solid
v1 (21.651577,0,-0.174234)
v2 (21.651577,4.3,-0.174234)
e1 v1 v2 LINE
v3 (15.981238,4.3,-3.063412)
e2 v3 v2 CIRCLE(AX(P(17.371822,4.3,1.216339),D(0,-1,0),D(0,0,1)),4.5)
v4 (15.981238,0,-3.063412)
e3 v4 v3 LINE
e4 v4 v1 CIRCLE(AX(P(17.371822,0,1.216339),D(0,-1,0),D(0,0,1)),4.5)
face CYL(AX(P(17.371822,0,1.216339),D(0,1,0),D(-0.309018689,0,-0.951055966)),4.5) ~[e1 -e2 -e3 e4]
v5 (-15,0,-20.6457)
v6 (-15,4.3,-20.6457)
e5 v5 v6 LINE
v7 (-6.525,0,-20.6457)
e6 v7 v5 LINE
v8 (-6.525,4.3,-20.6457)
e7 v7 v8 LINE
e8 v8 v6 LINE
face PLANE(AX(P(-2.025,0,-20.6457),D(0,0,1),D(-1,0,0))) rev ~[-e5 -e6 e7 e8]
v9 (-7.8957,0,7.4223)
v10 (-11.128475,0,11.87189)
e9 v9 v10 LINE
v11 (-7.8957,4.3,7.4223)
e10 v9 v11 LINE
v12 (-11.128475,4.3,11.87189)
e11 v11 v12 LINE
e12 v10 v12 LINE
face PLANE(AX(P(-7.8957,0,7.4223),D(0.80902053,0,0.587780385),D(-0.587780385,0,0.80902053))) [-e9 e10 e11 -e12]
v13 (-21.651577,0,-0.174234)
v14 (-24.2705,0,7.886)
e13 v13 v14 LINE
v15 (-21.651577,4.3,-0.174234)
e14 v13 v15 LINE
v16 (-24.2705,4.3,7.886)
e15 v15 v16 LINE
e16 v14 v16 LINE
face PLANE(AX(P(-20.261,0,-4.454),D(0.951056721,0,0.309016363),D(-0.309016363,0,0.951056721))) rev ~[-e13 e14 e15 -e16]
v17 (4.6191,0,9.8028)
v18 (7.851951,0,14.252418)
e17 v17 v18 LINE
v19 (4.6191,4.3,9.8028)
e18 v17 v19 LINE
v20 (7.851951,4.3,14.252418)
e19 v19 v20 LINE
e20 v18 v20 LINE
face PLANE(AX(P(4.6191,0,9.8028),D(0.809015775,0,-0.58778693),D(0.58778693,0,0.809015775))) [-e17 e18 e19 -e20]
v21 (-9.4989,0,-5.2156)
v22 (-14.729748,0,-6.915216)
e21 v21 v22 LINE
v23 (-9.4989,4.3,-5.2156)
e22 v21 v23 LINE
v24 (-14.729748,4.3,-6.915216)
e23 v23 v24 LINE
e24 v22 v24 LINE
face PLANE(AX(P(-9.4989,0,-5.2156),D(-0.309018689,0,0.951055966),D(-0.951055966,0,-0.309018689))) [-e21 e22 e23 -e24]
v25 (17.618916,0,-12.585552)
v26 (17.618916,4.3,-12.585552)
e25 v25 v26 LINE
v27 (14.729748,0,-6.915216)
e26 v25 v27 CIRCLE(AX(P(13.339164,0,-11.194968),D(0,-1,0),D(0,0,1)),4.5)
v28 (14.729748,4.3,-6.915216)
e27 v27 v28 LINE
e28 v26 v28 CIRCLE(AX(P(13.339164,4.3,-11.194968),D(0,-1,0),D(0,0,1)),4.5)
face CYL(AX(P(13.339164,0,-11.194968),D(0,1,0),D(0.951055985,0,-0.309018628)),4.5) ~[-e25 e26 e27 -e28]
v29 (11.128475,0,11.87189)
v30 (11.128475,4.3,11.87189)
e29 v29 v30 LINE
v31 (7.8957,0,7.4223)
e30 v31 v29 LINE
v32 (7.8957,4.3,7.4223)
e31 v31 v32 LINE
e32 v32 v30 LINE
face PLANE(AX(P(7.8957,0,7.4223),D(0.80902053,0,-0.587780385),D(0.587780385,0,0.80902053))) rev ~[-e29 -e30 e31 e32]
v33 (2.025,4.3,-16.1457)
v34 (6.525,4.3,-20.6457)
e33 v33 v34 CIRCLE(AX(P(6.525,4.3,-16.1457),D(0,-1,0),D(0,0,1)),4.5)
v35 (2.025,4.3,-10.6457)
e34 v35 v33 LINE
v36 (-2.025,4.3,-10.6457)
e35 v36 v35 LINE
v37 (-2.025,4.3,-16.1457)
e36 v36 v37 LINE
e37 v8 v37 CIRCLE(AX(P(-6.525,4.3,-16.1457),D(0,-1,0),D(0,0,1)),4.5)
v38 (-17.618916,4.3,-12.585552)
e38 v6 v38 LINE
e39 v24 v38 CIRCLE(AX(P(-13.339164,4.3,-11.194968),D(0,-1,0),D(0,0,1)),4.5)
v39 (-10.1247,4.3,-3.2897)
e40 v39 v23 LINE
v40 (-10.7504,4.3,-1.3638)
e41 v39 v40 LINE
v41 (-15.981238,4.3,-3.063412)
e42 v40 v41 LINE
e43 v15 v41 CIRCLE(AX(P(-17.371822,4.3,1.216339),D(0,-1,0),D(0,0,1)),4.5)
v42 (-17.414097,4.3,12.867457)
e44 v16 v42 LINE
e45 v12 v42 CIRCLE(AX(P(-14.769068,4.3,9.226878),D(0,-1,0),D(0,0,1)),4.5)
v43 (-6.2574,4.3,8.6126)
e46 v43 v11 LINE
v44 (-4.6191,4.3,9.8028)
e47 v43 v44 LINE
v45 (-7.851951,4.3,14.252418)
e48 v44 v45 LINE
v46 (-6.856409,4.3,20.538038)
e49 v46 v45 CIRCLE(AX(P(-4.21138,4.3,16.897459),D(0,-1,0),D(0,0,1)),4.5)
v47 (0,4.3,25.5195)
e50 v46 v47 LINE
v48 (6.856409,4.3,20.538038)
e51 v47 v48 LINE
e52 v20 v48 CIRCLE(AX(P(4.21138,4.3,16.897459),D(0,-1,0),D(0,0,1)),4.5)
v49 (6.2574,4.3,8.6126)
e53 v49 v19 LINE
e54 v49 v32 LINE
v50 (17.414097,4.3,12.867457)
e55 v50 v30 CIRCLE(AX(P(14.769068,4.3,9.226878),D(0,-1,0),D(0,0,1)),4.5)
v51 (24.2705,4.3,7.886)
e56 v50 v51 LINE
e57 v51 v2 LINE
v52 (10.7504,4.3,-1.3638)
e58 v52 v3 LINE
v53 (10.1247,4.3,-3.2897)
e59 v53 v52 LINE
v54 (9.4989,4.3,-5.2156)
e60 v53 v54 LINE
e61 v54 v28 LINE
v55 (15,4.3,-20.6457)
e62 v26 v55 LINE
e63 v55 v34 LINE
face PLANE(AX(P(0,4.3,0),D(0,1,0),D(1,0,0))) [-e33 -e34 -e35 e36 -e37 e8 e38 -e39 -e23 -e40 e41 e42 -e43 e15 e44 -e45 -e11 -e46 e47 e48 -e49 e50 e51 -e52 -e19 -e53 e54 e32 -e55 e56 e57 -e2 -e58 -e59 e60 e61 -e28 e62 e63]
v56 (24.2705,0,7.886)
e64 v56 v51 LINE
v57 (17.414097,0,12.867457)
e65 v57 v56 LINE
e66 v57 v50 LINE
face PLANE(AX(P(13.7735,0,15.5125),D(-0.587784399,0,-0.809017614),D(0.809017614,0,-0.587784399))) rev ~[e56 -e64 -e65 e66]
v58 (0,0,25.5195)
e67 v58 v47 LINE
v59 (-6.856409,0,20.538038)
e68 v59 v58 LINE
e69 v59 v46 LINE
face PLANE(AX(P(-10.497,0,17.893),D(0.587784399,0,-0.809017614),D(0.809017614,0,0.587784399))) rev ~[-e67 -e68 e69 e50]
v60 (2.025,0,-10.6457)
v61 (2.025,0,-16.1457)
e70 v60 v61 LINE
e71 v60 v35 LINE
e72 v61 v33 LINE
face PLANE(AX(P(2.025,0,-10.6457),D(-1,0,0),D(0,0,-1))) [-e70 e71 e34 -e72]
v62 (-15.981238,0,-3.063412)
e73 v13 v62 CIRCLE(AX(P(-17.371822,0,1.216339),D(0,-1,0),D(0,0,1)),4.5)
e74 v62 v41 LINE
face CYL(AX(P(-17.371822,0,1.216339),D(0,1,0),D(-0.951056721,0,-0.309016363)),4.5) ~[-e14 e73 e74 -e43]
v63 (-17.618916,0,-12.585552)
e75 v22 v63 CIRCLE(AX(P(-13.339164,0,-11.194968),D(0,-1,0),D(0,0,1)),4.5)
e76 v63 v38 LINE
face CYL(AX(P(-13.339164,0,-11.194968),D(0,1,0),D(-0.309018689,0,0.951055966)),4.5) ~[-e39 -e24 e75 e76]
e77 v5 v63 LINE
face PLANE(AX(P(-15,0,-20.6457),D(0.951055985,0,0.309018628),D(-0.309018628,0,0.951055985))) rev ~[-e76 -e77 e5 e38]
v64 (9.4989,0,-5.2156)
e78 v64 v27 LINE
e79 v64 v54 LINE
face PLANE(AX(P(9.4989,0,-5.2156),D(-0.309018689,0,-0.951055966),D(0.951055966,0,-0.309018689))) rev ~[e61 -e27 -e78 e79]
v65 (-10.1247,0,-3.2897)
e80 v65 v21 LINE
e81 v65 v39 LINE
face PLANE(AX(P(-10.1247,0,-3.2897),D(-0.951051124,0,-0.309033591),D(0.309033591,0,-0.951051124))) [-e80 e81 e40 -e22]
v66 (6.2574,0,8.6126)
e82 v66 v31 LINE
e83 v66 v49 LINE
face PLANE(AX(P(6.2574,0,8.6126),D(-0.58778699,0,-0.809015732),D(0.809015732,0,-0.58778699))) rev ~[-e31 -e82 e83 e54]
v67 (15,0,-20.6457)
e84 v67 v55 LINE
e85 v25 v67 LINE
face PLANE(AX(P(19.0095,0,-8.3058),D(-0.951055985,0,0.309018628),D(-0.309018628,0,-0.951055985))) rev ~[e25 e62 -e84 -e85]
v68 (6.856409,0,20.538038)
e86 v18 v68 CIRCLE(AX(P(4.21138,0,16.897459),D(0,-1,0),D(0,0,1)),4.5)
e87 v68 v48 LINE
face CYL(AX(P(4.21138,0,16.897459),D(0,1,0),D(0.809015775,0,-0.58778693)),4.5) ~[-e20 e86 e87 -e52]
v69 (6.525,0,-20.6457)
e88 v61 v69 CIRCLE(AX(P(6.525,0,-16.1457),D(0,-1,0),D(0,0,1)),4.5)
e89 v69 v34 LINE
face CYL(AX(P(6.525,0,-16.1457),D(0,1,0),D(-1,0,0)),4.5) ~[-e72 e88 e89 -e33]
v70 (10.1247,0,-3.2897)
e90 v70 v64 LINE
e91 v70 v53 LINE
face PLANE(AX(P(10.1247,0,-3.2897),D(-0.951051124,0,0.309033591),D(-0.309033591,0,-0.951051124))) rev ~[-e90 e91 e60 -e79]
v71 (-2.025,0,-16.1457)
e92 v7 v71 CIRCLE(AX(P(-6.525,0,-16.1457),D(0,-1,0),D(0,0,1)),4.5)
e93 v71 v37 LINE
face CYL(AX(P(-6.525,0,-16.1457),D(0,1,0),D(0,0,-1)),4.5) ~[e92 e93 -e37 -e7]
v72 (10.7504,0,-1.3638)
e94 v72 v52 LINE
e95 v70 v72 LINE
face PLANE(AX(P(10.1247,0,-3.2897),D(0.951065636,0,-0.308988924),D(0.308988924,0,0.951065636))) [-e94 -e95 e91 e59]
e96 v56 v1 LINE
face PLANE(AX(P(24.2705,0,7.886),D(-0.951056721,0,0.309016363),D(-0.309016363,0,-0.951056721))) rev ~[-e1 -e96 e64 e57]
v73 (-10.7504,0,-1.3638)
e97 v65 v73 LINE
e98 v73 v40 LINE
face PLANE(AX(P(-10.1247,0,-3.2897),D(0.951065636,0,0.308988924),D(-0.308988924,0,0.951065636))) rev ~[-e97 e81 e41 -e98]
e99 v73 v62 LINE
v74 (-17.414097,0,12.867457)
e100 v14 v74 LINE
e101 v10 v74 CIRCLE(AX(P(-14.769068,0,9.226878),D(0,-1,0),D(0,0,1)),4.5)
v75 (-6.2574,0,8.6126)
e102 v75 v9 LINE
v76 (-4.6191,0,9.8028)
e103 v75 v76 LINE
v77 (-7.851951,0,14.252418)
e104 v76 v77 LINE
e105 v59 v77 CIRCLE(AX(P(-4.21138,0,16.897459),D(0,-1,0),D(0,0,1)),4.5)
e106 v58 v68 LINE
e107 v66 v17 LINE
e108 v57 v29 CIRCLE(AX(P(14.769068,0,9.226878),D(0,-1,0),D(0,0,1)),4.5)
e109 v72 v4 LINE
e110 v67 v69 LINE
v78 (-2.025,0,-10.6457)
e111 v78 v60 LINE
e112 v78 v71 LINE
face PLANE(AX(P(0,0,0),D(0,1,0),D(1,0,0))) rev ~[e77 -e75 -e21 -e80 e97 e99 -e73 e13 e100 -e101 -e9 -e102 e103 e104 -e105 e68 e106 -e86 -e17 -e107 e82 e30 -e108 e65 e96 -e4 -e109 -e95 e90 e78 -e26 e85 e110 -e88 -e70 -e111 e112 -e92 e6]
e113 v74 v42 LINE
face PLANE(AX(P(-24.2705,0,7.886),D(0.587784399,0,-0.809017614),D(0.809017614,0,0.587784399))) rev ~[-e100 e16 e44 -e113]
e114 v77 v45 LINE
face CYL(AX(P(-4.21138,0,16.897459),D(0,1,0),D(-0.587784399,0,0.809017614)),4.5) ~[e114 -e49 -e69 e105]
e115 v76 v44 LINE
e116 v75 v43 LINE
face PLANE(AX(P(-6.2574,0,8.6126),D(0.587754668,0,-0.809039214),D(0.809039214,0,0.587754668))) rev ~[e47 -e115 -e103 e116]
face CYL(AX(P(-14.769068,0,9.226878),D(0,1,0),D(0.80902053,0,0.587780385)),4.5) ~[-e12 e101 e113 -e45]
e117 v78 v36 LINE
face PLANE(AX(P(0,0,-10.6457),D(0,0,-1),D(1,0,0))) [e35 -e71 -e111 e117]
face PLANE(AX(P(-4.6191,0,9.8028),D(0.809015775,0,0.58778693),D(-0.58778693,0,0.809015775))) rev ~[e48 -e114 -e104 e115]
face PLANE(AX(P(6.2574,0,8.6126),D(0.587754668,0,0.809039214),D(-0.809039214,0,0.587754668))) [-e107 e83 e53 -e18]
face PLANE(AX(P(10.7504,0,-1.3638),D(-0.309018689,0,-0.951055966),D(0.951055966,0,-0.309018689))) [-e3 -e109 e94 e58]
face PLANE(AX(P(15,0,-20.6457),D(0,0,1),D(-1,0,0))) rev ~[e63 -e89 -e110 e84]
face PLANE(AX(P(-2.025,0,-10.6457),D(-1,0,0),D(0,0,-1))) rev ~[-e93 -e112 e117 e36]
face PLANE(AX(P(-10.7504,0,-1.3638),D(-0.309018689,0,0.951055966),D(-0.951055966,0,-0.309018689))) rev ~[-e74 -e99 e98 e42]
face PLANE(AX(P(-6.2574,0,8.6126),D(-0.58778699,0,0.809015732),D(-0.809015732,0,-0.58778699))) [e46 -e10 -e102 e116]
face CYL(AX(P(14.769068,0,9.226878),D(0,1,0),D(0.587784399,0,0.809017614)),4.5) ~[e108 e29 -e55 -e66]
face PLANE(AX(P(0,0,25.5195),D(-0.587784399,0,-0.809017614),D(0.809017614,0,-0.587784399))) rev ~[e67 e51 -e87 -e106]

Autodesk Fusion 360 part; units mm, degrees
sketch "Sketch1" plane through (0, 0, 0) normal (0, 1, 0) x (1, 0, 0)
  line L0 (0, 10.6457) -> (2.025, 10.6457)
  line L1 (2.025, 10.6457) -> (2.025, 20.6457)
  line L2 (-2.025, 10.6457) -> (-2.025, 20.6457)
  line L3 (0, 10.6457) -> (-2.025, 10.6457)
  line L4 (-9.4989, 5.2156) -> (-19.0095, 8.3058)
  line L5 (-10.7504, 1.3638) -> (-20.261, 4.454)
  line L6 (-10.1247, 3.2897) -> (-10.7504, 1.3638)
  line L7 (-10.1247, 3.2897) -> (-9.4989, 5.2156)
  line L8 (-7.8957, -7.4223) -> (-13.7735, -15.5125)
  line L9 (-4.6191, -9.8028) -> (-10.497, -17.893)
  line L10 (-6.2574, -8.6126) -> (-4.6191, -9.8028)
  line L11 (-6.2574, -8.6126) -> (-7.8957, -7.4223)
  line L12 (4.6191, -9.8028) -> (10.497, -17.893)
  line L13 (7.8957, -7.4223) -> (13.7735, -15.5125)
  line L14 (6.2574, -8.6126) -> (7.8957, -7.4223)
  line L15 (6.2574, -8.6126) -> (4.6191, -9.8028)
  line L16 (10.7504, 1.3638) -> (20.261, 4.454)
  line L17 (9.4989, 5.2156) -> (19.0095, 8.3058)
  line L18 (10.1247, 3.2897) -> (9.4989, 5.2156)
  line L19 (10.1247, 3.2897) -> (10.7504, 1.3638)
  line L20 (-24.2705, -7.886) -> (-13.7735, -15.5125)
  line L21 (-10.497, -17.893) -> (0, -25.5195)
  line L22 (-15, 20.6457) -> (-19.0095, 8.3058)
  line L23 (-20.261, 4.454) -> (-24.2705, -7.886)
  line L24 (15, 20.6457) -> (2.025, 20.6457)
  line L25 (-2.025, 20.6457) -> (-15, 20.6457)
  line L26 (24.2705, -7.886) -> (20.261, 4.454)
  line L27 (19.0095, 8.3058) -> (15, 20.6457)
  line L28 (0, -25.5195) -> (10.497, -17.893)
  line L29 (13.7735, -15.5125) -> (24.2705, -7.886)
  dimension "d9" = 360
extrude "Extrude1" add sketch "Sketch1" along normal blind 4.3
fillet "Fillet1" radius 4.5 10 edges at (-2.025, 2.15, -20.6457) (2.025, 2.15, -20.6457) (19.0095, 2.15, -8.3058) (20.261, 2.15, -4.454) (10.497, 2.15, 17.893) (13.7735, 2.15, 15.5125) (-19.0095, 2.15, -8.3058) (-20.261, 2.15, -4.454) (-13.7735, 2.15, 15.5125) (-10.497, 2.15, 17.893)
sketch "Sketch2" plane through (0, 4.3, 0) normal (0, 1, 0) x (-1, 0, 0)
  arc A0 (7.852, 14.2524) -> (6.8564, 20.538) centre (4.2114, 16.8975) ccw
  line L0 (6.8564, 20.538) -> (0, 25.5195)
  line L1 (0, 25.5195) -> (-6.8564, 20.538)
  arc A1 (-6.8564, 20.538) -> (-7.852, 14.2524) centre (-4.2114, 16.8975) ccw
  line L2 (-7.852, 14.2524) -> (-4.6191, 9.8028)
  line L3 (-4.6191, 9.8028) -> (-7.8957, 7.4223)
  line L4 (-7.8957, 7.4223) -> (-11.1285, 11.8719)
  arc A2 (-11.1285, 11.8719) -> (-17.4141, 12.8674) centre (-14.7691, 9.2269) ccw
  line L5 (-17.4141, 12.8674) -> (-24.2705, 7.886)
  line L6 (-24.2705, 7.886) -> (-21.6516, -0.1742)
  arc A3 (-21.6516, -0.1742) -> (-15.9813, -3.0634) centre (-17.3718, 1.2163) ccw
  line L7 (-15.9813, -3.0634) -> (-10.7504, -1.3638)
  line L8 (-10.7504, -1.3638) -> (-9.4989, -5.2156)
  line L9 (-9.4989, -5.2156) -> (-14.7297, -6.9152)
  arc A4 (-14.7297, -6.9152) -> (-17.6189, -12.5855) centre (-13.3392, -11.1949) ccw
  line L10 (-17.6189, -12.5855) -> (-15, -20.6457)
  line L11 (-15, -20.6457) -> (-6.525, -20.6457)
  arc A5 (-6.525, -20.6457) -> (-2.025, -16.1457) centre (-6.525, -16.1457) ccw
  line L12 (-2.025, -16.1457) -> (-2.025, -10.6457)
  line L13 (-2.025, -10.6457) -> (2.025, -10.6457)
  line L14 (2.025, -10.6457) -> (2.025, -16.1457)
  arc A6 (2.025, -16.1457) -> (6.525, -20.6457) centre (6.525, -16.1457) ccw
  line L15 (6.525, -20.6457) -> (15, -20.6457)
  line L16 (15, -20.6457) -> (17.6189, -12.5855)
  arc A7 (17.6189, -12.5855) -> (14.7297, -6.9152) centre (13.3392, -11.1949) ccw
  line L17 (14.7297, -6.9152) -> (9.4989, -5.2156)
  line L18 (9.4989, -5.2156) -> (10.7504, -1.3638)
  line L19 (10.7504, -1.3638) -> (15.9813, -3.0634)
  arc A8 (15.9813, -3.0634) -> (21.6516, -0.1742) centre (17.3718, 1.2163) ccw
  line L20 (21.6516, -0.1742) -> (24.2705, 7.886)
  line L21 (24.2705, 7.886) -> (17.4141, 12.8674)
  arc A9 (17.4141, 12.8674) -> (11.1285, 11.8719) centre (14.7691, 9.2269) ccw
  line L22 (11.1285, 11.8719) -> (7.8957, 7.4223)
  line L23 (7.8957, 7.4223) -> (4.6191, 9.8028)
  line L24 (4.6191, 9.8028) -> (7.852, 14.2524)
equation "thickness = 4.3 mm"
equation "notch_depth = 7 mm"
equation "length = 30 mm"
equation "kerf = 0.25 mm"
equation "d10 = thickness"
